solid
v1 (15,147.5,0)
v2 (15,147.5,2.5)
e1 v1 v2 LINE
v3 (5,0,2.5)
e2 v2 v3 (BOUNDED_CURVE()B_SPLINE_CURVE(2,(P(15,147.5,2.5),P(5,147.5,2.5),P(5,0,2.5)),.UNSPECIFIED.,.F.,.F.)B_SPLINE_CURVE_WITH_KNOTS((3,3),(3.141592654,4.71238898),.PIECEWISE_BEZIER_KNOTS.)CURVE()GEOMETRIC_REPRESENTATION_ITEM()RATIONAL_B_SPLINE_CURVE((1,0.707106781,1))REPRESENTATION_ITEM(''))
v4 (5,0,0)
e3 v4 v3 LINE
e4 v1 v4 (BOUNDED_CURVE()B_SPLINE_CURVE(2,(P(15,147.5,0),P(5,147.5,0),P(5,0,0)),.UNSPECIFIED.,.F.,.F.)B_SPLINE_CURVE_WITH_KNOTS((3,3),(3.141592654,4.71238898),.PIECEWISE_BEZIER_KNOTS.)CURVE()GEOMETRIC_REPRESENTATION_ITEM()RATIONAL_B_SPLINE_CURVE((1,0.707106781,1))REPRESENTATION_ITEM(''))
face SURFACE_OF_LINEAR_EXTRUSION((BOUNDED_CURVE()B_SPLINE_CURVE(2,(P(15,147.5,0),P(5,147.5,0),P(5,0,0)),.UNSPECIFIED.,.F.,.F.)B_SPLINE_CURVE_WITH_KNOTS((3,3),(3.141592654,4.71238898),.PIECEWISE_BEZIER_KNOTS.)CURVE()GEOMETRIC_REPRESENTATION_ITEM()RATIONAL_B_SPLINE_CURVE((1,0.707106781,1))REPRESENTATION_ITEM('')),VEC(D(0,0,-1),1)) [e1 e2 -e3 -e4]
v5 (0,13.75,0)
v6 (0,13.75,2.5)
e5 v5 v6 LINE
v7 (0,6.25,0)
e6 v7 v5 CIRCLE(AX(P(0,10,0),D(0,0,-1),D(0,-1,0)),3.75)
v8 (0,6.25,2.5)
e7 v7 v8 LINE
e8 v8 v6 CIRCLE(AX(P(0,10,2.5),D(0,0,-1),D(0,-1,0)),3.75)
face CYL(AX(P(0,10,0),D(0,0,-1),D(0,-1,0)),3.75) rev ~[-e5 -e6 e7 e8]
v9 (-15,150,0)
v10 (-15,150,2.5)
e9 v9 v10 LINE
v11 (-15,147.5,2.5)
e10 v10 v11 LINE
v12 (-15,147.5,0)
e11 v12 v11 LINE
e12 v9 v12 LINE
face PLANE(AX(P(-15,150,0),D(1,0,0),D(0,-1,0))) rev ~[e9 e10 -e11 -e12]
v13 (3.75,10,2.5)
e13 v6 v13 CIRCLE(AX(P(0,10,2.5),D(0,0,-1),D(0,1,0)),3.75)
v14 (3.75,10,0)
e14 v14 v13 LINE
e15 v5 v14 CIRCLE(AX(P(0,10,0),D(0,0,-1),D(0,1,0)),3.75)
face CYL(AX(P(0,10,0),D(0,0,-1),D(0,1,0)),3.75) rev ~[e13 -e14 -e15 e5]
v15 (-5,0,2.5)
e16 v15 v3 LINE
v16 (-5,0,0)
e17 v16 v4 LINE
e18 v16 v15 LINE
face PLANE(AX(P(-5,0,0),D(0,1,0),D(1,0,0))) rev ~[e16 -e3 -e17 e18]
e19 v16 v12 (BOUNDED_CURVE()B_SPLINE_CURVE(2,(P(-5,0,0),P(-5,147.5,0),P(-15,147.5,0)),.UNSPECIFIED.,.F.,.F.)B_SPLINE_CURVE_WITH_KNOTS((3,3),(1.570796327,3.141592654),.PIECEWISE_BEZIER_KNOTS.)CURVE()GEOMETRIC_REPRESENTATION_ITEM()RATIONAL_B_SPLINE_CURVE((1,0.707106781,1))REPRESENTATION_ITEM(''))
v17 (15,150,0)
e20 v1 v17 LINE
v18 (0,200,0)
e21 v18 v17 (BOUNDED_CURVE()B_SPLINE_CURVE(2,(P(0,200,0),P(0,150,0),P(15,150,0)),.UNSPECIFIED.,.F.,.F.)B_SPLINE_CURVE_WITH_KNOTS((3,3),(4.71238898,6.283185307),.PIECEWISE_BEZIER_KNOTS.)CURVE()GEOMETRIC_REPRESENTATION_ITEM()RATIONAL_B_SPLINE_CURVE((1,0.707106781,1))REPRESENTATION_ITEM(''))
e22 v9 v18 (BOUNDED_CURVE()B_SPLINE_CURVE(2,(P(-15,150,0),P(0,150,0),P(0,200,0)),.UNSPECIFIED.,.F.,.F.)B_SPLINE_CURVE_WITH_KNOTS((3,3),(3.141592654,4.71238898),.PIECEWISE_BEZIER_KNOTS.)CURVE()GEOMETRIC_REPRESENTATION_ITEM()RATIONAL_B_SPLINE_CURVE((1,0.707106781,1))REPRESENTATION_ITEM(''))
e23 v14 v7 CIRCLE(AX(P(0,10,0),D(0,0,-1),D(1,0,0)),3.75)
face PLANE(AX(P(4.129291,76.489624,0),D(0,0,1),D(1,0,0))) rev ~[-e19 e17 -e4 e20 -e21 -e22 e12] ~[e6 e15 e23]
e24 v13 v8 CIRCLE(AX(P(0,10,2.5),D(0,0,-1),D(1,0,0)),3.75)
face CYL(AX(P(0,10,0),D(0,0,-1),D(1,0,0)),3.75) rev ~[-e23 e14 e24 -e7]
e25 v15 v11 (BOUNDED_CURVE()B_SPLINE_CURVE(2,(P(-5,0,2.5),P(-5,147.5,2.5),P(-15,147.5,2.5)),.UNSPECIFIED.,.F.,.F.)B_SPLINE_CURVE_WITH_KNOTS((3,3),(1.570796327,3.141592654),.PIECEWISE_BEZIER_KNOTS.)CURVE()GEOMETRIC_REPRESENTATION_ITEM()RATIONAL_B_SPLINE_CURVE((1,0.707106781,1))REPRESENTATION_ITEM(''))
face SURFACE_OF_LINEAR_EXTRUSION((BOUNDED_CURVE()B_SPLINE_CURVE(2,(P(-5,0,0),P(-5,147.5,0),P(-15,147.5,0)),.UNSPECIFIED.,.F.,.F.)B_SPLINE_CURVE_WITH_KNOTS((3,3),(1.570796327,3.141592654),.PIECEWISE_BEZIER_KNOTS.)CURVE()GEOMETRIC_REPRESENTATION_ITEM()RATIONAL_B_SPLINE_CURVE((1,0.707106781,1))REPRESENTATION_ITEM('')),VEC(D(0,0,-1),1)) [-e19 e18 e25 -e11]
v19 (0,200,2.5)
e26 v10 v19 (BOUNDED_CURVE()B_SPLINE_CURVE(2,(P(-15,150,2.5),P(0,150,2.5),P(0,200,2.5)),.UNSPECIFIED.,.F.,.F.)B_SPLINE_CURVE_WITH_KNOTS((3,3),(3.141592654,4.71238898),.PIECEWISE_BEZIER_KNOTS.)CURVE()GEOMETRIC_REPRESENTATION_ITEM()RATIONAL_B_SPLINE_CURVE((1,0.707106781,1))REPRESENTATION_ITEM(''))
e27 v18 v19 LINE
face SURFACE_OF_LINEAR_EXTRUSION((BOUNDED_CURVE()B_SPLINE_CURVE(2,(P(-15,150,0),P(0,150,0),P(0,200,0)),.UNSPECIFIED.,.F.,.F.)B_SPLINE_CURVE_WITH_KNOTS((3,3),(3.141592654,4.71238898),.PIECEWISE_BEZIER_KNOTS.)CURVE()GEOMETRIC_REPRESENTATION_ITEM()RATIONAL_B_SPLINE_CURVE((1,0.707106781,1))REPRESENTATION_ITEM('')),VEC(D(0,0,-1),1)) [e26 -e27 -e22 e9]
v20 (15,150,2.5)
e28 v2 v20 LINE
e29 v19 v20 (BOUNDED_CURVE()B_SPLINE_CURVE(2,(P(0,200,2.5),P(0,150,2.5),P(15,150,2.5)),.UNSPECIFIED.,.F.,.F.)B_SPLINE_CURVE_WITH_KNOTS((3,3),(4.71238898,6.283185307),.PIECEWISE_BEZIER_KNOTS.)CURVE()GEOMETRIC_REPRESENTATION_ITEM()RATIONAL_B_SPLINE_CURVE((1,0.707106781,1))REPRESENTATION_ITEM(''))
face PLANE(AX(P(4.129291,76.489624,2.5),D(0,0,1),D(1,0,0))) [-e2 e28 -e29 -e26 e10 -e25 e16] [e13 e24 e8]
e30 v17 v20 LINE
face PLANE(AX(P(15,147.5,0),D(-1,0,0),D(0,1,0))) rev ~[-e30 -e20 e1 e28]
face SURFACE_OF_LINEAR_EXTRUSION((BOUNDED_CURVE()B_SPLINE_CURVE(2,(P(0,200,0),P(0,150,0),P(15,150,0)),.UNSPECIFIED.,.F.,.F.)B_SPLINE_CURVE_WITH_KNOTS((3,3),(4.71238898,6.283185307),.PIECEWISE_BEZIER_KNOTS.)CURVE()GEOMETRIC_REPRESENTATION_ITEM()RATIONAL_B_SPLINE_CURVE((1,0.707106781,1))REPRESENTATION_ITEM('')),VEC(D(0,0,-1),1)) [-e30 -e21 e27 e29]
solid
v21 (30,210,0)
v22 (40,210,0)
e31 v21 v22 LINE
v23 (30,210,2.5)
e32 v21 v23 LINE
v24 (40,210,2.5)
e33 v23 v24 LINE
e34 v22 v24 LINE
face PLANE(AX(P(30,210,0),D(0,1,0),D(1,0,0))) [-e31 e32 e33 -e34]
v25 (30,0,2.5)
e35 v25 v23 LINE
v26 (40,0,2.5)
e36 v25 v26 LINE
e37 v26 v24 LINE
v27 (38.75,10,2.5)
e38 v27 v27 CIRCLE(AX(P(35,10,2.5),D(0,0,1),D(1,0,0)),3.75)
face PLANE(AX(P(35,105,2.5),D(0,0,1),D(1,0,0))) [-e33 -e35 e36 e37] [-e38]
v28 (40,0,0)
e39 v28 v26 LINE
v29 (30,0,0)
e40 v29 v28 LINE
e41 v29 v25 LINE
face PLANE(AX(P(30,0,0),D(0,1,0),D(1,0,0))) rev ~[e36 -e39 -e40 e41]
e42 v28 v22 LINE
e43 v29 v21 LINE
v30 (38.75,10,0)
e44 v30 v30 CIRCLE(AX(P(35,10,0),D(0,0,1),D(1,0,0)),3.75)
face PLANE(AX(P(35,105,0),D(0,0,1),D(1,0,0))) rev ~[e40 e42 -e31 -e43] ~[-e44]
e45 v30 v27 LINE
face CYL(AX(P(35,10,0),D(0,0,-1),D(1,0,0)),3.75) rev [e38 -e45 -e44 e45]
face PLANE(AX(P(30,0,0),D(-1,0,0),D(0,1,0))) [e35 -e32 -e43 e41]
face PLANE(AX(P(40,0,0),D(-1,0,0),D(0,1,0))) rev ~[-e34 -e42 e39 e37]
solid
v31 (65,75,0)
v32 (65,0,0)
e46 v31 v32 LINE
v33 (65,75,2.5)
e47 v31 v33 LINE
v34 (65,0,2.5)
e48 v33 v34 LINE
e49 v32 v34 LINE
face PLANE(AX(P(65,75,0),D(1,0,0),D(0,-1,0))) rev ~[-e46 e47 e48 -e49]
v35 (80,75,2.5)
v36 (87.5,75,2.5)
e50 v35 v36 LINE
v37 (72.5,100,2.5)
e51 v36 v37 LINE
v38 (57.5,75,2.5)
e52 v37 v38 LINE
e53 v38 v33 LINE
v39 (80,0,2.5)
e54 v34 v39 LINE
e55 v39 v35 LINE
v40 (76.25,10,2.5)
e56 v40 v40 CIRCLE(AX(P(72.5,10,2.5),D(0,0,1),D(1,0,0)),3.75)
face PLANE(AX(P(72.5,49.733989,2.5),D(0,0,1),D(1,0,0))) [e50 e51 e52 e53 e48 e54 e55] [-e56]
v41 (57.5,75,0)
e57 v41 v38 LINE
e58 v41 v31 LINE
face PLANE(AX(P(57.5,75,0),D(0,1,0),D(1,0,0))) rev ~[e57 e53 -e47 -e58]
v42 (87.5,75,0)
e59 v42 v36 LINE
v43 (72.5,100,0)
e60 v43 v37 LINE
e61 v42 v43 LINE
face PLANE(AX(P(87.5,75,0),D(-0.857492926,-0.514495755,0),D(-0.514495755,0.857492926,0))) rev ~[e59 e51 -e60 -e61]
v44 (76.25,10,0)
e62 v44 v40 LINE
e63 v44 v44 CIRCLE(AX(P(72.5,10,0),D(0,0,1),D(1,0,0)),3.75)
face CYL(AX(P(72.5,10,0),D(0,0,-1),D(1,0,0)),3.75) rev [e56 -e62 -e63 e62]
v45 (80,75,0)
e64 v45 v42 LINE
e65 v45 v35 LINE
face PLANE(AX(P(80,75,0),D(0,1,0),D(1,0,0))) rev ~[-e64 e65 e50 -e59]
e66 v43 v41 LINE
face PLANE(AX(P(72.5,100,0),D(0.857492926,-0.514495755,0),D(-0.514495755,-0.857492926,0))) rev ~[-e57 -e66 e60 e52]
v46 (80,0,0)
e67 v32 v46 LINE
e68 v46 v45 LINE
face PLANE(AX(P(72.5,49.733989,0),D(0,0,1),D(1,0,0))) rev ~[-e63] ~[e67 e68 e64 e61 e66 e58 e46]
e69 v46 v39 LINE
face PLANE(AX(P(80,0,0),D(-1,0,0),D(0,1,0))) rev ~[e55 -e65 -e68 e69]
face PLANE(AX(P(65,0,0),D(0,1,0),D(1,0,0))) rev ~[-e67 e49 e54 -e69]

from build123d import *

# Parameters (mm, degrees)
F0_W     = 10
F0_H     = 2.5
F1_DEPTH = 2.5
F2_W     = 10
F2_H     = 210
F2_R     = 3.75
F3_DEPTH = 2.5
F4_R     = 3.75
F5_DEPTH = 2.5


with BuildPart() as f1:
    # F0 (on Top) → F1 (new body)
    with BuildSketch(Plane.XY):
        with BuildLine():
            Line((0, 6.25), (0, 0))
            Line((0, 0), (5, 0))
            add(Edge.make_bspline(
                [(15, 147.5), (5, 147.5), (5, 0)],
                knots=[3.1415926536, 3.1415926536, 3.1415926536, 4.7123889804, 4.7123889804, 4.7123889804], degree=2, weights=[1, 0.7071067812, 1]))
            Line((15, 147.5), (5, 147.5))
            Line((5, 147.5), (5, 150))
            Line((5, 150), (0, 150))
            Line((0, 150), (0, 13.75))
            ThreePointArc((0, 13.75), (2.6516504294, 12.6516504294), (3.75, 10))
            ThreePointArc((3.75, 10), (2.6516504294, 7.3483495706), (0, 6.25))
        make_face()
        with Locations((10, 148.75)):
            Rectangle(F0_W, F0_H)
        with BuildLine():
            Line((0, 200), (0, 150))
            Line((0, 150), (5, 150))
            Line((5, 150), (15, 150))
            add(Edge.make_bspline(
                [(0, 200), (0, 150), (15, 150)],
                knots=[4.7123889804, 4.7123889804, 4.7123889804, 6.2831853072, 6.2831853072, 6.2831853072], degree=2, weights=[1, 0.7071067812, 1]))
        make_face()
        with BuildLine():
            Line((-5, 0), (0, 0))
            Line((0, 0), (0, 6.25))
            ThreePointArc((0, 6.25), (-3.75, 10), (0, 13.75))
            Line((0, 13.75), (0, 150))
            Line((0, 150), (0, 200))
            add(Edge.make_bspline(
                [(-15, 150), (0, 150), (0, 200)],
                knots=[3.1415926536, 3.1415926536, 3.1415926536, 4.7123889804, 4.7123889804, 4.7123889804], degree=2, weights=[1, 0.7071067812, 1]))
            Line((-15, 150), (-15, 147.5))
            add(Edge.make_bspline(
                [(-5, 0), (-5, 147.5), (-15, 147.5)],
                knots=[1.5707963268, 1.5707963268, 1.5707963268, 3.1415926536, 3.1415926536, 3.1415926536], degree=2, weights=[1, 0.7071067812, 1]))
        make_face()
    extrude(amount=F1_DEPTH)


with BuildPart() as f3:
    # F2 (on Top) → F3 (new body)
    with BuildSketch(Plane.XY):
        with Locations((35, 105)):
            Rectangle(F2_W, F2_H)
        with Locations((35, 10)):
            Circle(F2_R, mode=Mode.SUBTRACT)
    extrude(amount=F3_DEPTH)


with BuildPart() as f5:
    # F4 (on Top) → F5 (new body)
    with BuildSketch(Plane.XY):
        Polygon((65, 75), (65, 0), (80, 0), (80, 75), (87.5, 75), (72.5, 100), (57.5, 75), align=None)
        with Locations((72.5, 10)):
            Circle(F4_R, mode=Mode.SUBTRACT)
    extrude(amount=F5_DEPTH)


solid = Compound([f1.part, f3.part, f5.part])
